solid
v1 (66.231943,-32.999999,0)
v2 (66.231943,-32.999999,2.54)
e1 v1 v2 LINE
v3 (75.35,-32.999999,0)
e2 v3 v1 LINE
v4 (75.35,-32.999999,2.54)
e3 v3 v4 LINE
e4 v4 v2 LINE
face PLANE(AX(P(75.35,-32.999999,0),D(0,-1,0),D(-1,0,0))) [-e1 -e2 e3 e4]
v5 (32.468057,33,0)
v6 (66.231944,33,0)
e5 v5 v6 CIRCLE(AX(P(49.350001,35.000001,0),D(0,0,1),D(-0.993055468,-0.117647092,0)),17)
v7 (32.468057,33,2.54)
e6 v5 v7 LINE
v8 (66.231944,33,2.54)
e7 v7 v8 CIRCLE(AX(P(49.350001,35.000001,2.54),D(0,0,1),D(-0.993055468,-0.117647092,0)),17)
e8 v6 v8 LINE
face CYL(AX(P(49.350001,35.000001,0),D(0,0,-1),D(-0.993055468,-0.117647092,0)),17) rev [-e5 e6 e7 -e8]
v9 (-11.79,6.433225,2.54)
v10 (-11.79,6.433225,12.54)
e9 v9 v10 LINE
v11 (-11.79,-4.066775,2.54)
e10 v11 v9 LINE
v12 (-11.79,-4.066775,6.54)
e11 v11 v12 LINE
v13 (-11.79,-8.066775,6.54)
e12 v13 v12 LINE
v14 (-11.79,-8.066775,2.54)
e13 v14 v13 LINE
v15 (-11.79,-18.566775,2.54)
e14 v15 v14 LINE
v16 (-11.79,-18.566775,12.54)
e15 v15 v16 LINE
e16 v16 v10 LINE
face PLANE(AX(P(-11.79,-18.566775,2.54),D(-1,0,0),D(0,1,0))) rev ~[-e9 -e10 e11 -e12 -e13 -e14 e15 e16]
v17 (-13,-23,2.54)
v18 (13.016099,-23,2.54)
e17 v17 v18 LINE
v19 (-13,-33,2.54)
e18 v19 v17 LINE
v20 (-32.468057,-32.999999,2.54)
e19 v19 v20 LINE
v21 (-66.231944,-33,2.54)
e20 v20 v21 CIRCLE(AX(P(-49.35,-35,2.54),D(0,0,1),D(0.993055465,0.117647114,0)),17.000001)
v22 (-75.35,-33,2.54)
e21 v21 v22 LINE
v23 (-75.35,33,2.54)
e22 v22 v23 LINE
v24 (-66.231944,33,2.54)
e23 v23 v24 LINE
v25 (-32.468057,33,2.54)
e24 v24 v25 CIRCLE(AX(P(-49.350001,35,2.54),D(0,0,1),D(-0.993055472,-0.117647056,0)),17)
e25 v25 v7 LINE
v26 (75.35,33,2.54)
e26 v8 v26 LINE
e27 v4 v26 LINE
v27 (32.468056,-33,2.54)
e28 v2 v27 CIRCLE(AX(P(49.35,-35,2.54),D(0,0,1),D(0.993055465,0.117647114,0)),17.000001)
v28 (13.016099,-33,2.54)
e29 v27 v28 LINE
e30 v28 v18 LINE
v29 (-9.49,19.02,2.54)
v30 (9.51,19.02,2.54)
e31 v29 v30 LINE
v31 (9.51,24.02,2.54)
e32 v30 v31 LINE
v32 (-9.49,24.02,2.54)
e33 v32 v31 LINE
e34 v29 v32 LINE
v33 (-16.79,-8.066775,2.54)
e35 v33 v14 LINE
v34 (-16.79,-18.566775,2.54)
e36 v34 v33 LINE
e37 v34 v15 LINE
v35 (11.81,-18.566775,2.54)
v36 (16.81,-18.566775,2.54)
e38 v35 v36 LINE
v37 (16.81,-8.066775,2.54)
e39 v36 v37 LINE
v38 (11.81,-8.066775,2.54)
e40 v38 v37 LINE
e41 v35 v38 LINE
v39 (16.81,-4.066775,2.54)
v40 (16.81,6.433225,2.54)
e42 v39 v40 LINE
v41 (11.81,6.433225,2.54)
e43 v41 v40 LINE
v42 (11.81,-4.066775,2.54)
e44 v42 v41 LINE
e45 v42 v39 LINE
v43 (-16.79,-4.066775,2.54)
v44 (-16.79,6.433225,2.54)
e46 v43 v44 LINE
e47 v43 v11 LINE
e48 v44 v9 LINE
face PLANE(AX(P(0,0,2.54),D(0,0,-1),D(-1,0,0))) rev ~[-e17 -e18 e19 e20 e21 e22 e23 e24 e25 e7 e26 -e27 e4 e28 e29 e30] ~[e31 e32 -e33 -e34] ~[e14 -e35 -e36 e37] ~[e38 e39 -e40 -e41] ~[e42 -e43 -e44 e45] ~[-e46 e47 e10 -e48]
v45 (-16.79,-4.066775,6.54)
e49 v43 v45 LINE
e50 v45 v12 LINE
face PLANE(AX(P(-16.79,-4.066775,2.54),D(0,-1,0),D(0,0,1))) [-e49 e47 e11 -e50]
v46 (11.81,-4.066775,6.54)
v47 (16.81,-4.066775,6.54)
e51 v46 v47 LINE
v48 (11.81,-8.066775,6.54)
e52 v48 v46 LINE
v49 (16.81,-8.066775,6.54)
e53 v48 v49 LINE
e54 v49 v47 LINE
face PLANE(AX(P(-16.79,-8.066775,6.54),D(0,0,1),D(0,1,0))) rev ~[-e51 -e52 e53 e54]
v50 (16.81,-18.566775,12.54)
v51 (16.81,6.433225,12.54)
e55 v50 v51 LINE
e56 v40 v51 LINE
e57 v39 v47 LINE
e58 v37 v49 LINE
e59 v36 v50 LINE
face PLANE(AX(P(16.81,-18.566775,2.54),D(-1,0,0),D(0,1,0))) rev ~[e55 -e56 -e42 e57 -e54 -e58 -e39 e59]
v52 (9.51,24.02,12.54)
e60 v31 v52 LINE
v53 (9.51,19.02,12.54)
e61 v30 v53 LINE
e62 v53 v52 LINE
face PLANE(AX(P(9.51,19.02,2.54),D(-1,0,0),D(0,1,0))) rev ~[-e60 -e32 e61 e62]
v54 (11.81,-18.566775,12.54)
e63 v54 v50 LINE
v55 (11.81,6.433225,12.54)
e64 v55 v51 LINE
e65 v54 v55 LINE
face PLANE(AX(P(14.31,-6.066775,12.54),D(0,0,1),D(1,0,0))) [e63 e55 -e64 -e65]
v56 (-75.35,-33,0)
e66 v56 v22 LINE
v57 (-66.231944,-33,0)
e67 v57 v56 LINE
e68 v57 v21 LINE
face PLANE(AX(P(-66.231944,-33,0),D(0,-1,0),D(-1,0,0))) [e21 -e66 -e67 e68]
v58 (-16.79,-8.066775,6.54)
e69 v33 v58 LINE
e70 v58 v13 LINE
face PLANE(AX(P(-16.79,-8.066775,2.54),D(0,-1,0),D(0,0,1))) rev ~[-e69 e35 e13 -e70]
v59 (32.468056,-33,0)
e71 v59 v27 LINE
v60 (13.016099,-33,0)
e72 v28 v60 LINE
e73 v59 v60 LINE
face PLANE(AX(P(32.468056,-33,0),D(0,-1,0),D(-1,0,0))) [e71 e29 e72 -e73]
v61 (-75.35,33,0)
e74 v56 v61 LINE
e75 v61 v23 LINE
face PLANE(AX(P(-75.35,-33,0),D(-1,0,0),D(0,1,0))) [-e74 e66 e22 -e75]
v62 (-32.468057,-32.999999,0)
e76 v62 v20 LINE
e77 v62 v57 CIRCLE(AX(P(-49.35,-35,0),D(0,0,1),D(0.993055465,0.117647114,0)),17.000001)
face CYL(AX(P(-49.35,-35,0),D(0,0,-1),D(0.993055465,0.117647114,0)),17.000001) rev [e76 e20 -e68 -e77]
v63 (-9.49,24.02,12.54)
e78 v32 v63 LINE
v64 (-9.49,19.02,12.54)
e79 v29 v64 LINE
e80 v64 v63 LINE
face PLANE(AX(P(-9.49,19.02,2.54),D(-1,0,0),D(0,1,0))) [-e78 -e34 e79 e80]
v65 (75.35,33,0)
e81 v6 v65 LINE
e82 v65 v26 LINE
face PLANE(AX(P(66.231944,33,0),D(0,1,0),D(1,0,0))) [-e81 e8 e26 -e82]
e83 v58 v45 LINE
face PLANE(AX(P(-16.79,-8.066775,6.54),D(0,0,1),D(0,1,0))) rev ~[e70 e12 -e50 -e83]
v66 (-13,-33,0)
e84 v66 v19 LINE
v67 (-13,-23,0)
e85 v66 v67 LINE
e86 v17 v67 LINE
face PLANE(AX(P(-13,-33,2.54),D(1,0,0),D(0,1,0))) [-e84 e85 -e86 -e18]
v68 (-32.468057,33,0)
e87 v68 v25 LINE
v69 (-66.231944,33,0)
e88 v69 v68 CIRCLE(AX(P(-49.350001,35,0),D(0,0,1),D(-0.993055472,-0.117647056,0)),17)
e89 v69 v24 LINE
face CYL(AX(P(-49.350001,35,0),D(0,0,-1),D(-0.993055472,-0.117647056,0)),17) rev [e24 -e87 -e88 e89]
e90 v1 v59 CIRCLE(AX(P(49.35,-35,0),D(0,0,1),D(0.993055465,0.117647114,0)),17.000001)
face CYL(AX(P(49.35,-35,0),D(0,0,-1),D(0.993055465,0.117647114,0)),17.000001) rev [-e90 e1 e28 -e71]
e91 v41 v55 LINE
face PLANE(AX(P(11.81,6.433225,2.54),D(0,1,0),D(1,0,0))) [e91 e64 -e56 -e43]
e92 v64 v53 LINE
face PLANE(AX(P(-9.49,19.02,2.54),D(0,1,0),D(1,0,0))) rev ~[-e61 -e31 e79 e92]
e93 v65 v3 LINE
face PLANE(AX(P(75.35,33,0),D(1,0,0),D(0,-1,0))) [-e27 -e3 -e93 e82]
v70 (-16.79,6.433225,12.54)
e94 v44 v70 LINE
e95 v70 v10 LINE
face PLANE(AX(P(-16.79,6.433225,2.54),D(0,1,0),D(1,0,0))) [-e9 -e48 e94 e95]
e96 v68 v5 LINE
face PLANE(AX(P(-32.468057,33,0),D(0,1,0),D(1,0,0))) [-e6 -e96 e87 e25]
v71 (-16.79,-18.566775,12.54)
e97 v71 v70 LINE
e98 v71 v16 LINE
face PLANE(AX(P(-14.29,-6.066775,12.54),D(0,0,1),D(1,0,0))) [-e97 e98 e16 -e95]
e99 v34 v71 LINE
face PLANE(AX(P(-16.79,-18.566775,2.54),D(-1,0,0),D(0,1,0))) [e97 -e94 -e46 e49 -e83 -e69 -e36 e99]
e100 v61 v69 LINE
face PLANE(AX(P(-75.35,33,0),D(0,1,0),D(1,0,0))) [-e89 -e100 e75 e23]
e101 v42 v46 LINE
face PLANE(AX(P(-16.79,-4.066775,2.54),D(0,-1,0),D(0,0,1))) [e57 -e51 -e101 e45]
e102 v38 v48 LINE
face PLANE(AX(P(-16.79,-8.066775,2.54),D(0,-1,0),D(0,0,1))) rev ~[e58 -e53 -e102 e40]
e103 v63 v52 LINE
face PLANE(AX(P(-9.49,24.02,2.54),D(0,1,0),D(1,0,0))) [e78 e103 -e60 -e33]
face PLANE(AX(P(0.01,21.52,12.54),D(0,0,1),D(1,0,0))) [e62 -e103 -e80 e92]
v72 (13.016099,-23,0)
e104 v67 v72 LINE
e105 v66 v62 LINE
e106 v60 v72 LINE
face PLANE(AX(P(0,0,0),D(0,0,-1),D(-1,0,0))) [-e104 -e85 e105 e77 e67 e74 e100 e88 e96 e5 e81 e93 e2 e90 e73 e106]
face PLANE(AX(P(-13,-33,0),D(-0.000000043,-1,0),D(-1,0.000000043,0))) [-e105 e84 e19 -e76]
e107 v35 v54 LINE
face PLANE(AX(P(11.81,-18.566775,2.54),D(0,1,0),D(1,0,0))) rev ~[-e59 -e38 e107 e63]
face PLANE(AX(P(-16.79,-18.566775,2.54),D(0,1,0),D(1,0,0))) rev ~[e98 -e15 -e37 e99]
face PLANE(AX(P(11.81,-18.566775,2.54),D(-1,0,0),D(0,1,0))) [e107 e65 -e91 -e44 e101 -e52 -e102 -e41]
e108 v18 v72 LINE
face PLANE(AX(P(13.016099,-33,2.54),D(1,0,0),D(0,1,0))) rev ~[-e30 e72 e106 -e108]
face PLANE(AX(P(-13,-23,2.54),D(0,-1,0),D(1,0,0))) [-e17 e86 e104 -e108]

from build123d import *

# Parameters (mm, degrees)
BOSS_EXTRUDE1_DEPTH = 2.54
SKETCH2_W           = 26.0160991
SKETCH2_H           = 10
CUT_EXTRUDE1_DEPTH  = 2.54
SKETCH6_W           = 5
SKETCH6_H           = 25
BOSS_EXTRUDE2_DEPTH = 10
SKETCH6_3_W         = 19
SKETCH6_3_H         = 5
BOSS_EXTRUDE3_DEPTH = 10
SKETCH6_4_W         = 5
SKETCH6_4_H         = 25
BOSS_EXTRUDE4_DEPTH = 10
SKETCH9_W           = 4
SKETCH9_H           = 4
CUT_EXTRUDE3_DEPTH  = 99.671329208


with BuildPart() as part:
    # Sketch1 → Boss-Extrude1 (new body)
    with BuildSketch(Plane.XY):
        with BuildLine():
            Line((-32.468057, 32.999999883), (-13, 32.999999883))
            Line((-13, 32.999999883), (13, 32.999999883))
            Line((13, 32.999999883), (32.468057241, 32.999999883))
            ThreePointArc((32.468057241, 32.999999883), (49.350000777, 18.000000029), (66.231944118, 33.000000103))
            Line((66.231944118, 33.000000103), (75.350000118, 33.000000103))
            Line((75.350000118, 33.000000103), (75.350000118, -32.999998949))
            Line((75.350000118, -32.999998949), (66.231943, -32.999998949))
            ThreePointArc((66.231943, -32.999998949), (49.349999056, -17.999999409), (32.468056, -32.999999949))
            Line((32.468056, -32.999999949), (13, -32.999999949))
            Line((13, -32.999999949), (-12.999999882, -32.999999949))
            Line((-12.999999882, -32.999999949), (-32.468057, -32.999999117))
            ThreePointArc((-32.468057, -32.999999117), (-49.350000944, -17.999999578), (-66.231944, -33.000000117))
            Line((-66.231944, -33.000000117), (-75.35, -33.000000117))
            Line((-75.35, -33.000000117), (-75.35, 32.999999883))
            Line((-75.35, 32.999999883), (-66.231944, 32.999999883))
            ThreePointArc((-66.231944, 32.999999883), (-49.3500005, 17.999999403), (-32.468057, 32.999999883))
        make_face()
    extrude(amount=BOSS_EXTRUDE1_DEPTH)

    # Sketch2 → Cut-Extrude1 (cut)
    with BuildSketch(Plane.XY.offset(2.54)):
        with Locations((0.008049668, -27.999999949)):
            Rectangle(SKETCH2_W, SKETCH2_H)
    extrude(amount=-CUT_EXTRUDE1_DEPTH, mode=Mode.SUBTRACT)

    # Sketch6 → Boss-Extrude2 (add)
    with BuildSketch(Plane.XY.offset(2.54)):
        with Locations((-14.289999882, -6.066775281)):
            Rectangle(SKETCH6_W, SKETCH6_H)
    extrude(amount=BOSS_EXTRUDE2_DEPTH)

    # Sketch6<3> → Boss-Extrude3 (add)
    with BuildSketch(Plane.XY.offset(2.54)):
        with Locations((0.010000118, 21.520000051)):
            Rectangle(SKETCH6_3_W, SKETCH6_3_H)
    extrude(amount=BOSS_EXTRUDE3_DEPTH)

    # Sketch6<4> → Boss-Extrude4 (add)
    with BuildSketch(Plane.XY.offset(2.54)):
        with Locations((14.310000118, -6.066775281)):
            Rectangle(SKETCH6_4_W, SKETCH6_4_H)
    extrude(amount=BOSS_EXTRUDE4_DEPTH)

    # Sketch9 → Cut-Extrude3 (cut, through all)
    with BuildSketch(Plane.ZY.offset(16.789999882)):
        with Locations((4.54, -6.066775281)):
            Rectangle(SKETCH9_W, SKETCH9_H)
    extrude(amount=-CUT_EXTRUDE3_DEPTH, mode=Mode.SUBTRACT)


solid = part.part
